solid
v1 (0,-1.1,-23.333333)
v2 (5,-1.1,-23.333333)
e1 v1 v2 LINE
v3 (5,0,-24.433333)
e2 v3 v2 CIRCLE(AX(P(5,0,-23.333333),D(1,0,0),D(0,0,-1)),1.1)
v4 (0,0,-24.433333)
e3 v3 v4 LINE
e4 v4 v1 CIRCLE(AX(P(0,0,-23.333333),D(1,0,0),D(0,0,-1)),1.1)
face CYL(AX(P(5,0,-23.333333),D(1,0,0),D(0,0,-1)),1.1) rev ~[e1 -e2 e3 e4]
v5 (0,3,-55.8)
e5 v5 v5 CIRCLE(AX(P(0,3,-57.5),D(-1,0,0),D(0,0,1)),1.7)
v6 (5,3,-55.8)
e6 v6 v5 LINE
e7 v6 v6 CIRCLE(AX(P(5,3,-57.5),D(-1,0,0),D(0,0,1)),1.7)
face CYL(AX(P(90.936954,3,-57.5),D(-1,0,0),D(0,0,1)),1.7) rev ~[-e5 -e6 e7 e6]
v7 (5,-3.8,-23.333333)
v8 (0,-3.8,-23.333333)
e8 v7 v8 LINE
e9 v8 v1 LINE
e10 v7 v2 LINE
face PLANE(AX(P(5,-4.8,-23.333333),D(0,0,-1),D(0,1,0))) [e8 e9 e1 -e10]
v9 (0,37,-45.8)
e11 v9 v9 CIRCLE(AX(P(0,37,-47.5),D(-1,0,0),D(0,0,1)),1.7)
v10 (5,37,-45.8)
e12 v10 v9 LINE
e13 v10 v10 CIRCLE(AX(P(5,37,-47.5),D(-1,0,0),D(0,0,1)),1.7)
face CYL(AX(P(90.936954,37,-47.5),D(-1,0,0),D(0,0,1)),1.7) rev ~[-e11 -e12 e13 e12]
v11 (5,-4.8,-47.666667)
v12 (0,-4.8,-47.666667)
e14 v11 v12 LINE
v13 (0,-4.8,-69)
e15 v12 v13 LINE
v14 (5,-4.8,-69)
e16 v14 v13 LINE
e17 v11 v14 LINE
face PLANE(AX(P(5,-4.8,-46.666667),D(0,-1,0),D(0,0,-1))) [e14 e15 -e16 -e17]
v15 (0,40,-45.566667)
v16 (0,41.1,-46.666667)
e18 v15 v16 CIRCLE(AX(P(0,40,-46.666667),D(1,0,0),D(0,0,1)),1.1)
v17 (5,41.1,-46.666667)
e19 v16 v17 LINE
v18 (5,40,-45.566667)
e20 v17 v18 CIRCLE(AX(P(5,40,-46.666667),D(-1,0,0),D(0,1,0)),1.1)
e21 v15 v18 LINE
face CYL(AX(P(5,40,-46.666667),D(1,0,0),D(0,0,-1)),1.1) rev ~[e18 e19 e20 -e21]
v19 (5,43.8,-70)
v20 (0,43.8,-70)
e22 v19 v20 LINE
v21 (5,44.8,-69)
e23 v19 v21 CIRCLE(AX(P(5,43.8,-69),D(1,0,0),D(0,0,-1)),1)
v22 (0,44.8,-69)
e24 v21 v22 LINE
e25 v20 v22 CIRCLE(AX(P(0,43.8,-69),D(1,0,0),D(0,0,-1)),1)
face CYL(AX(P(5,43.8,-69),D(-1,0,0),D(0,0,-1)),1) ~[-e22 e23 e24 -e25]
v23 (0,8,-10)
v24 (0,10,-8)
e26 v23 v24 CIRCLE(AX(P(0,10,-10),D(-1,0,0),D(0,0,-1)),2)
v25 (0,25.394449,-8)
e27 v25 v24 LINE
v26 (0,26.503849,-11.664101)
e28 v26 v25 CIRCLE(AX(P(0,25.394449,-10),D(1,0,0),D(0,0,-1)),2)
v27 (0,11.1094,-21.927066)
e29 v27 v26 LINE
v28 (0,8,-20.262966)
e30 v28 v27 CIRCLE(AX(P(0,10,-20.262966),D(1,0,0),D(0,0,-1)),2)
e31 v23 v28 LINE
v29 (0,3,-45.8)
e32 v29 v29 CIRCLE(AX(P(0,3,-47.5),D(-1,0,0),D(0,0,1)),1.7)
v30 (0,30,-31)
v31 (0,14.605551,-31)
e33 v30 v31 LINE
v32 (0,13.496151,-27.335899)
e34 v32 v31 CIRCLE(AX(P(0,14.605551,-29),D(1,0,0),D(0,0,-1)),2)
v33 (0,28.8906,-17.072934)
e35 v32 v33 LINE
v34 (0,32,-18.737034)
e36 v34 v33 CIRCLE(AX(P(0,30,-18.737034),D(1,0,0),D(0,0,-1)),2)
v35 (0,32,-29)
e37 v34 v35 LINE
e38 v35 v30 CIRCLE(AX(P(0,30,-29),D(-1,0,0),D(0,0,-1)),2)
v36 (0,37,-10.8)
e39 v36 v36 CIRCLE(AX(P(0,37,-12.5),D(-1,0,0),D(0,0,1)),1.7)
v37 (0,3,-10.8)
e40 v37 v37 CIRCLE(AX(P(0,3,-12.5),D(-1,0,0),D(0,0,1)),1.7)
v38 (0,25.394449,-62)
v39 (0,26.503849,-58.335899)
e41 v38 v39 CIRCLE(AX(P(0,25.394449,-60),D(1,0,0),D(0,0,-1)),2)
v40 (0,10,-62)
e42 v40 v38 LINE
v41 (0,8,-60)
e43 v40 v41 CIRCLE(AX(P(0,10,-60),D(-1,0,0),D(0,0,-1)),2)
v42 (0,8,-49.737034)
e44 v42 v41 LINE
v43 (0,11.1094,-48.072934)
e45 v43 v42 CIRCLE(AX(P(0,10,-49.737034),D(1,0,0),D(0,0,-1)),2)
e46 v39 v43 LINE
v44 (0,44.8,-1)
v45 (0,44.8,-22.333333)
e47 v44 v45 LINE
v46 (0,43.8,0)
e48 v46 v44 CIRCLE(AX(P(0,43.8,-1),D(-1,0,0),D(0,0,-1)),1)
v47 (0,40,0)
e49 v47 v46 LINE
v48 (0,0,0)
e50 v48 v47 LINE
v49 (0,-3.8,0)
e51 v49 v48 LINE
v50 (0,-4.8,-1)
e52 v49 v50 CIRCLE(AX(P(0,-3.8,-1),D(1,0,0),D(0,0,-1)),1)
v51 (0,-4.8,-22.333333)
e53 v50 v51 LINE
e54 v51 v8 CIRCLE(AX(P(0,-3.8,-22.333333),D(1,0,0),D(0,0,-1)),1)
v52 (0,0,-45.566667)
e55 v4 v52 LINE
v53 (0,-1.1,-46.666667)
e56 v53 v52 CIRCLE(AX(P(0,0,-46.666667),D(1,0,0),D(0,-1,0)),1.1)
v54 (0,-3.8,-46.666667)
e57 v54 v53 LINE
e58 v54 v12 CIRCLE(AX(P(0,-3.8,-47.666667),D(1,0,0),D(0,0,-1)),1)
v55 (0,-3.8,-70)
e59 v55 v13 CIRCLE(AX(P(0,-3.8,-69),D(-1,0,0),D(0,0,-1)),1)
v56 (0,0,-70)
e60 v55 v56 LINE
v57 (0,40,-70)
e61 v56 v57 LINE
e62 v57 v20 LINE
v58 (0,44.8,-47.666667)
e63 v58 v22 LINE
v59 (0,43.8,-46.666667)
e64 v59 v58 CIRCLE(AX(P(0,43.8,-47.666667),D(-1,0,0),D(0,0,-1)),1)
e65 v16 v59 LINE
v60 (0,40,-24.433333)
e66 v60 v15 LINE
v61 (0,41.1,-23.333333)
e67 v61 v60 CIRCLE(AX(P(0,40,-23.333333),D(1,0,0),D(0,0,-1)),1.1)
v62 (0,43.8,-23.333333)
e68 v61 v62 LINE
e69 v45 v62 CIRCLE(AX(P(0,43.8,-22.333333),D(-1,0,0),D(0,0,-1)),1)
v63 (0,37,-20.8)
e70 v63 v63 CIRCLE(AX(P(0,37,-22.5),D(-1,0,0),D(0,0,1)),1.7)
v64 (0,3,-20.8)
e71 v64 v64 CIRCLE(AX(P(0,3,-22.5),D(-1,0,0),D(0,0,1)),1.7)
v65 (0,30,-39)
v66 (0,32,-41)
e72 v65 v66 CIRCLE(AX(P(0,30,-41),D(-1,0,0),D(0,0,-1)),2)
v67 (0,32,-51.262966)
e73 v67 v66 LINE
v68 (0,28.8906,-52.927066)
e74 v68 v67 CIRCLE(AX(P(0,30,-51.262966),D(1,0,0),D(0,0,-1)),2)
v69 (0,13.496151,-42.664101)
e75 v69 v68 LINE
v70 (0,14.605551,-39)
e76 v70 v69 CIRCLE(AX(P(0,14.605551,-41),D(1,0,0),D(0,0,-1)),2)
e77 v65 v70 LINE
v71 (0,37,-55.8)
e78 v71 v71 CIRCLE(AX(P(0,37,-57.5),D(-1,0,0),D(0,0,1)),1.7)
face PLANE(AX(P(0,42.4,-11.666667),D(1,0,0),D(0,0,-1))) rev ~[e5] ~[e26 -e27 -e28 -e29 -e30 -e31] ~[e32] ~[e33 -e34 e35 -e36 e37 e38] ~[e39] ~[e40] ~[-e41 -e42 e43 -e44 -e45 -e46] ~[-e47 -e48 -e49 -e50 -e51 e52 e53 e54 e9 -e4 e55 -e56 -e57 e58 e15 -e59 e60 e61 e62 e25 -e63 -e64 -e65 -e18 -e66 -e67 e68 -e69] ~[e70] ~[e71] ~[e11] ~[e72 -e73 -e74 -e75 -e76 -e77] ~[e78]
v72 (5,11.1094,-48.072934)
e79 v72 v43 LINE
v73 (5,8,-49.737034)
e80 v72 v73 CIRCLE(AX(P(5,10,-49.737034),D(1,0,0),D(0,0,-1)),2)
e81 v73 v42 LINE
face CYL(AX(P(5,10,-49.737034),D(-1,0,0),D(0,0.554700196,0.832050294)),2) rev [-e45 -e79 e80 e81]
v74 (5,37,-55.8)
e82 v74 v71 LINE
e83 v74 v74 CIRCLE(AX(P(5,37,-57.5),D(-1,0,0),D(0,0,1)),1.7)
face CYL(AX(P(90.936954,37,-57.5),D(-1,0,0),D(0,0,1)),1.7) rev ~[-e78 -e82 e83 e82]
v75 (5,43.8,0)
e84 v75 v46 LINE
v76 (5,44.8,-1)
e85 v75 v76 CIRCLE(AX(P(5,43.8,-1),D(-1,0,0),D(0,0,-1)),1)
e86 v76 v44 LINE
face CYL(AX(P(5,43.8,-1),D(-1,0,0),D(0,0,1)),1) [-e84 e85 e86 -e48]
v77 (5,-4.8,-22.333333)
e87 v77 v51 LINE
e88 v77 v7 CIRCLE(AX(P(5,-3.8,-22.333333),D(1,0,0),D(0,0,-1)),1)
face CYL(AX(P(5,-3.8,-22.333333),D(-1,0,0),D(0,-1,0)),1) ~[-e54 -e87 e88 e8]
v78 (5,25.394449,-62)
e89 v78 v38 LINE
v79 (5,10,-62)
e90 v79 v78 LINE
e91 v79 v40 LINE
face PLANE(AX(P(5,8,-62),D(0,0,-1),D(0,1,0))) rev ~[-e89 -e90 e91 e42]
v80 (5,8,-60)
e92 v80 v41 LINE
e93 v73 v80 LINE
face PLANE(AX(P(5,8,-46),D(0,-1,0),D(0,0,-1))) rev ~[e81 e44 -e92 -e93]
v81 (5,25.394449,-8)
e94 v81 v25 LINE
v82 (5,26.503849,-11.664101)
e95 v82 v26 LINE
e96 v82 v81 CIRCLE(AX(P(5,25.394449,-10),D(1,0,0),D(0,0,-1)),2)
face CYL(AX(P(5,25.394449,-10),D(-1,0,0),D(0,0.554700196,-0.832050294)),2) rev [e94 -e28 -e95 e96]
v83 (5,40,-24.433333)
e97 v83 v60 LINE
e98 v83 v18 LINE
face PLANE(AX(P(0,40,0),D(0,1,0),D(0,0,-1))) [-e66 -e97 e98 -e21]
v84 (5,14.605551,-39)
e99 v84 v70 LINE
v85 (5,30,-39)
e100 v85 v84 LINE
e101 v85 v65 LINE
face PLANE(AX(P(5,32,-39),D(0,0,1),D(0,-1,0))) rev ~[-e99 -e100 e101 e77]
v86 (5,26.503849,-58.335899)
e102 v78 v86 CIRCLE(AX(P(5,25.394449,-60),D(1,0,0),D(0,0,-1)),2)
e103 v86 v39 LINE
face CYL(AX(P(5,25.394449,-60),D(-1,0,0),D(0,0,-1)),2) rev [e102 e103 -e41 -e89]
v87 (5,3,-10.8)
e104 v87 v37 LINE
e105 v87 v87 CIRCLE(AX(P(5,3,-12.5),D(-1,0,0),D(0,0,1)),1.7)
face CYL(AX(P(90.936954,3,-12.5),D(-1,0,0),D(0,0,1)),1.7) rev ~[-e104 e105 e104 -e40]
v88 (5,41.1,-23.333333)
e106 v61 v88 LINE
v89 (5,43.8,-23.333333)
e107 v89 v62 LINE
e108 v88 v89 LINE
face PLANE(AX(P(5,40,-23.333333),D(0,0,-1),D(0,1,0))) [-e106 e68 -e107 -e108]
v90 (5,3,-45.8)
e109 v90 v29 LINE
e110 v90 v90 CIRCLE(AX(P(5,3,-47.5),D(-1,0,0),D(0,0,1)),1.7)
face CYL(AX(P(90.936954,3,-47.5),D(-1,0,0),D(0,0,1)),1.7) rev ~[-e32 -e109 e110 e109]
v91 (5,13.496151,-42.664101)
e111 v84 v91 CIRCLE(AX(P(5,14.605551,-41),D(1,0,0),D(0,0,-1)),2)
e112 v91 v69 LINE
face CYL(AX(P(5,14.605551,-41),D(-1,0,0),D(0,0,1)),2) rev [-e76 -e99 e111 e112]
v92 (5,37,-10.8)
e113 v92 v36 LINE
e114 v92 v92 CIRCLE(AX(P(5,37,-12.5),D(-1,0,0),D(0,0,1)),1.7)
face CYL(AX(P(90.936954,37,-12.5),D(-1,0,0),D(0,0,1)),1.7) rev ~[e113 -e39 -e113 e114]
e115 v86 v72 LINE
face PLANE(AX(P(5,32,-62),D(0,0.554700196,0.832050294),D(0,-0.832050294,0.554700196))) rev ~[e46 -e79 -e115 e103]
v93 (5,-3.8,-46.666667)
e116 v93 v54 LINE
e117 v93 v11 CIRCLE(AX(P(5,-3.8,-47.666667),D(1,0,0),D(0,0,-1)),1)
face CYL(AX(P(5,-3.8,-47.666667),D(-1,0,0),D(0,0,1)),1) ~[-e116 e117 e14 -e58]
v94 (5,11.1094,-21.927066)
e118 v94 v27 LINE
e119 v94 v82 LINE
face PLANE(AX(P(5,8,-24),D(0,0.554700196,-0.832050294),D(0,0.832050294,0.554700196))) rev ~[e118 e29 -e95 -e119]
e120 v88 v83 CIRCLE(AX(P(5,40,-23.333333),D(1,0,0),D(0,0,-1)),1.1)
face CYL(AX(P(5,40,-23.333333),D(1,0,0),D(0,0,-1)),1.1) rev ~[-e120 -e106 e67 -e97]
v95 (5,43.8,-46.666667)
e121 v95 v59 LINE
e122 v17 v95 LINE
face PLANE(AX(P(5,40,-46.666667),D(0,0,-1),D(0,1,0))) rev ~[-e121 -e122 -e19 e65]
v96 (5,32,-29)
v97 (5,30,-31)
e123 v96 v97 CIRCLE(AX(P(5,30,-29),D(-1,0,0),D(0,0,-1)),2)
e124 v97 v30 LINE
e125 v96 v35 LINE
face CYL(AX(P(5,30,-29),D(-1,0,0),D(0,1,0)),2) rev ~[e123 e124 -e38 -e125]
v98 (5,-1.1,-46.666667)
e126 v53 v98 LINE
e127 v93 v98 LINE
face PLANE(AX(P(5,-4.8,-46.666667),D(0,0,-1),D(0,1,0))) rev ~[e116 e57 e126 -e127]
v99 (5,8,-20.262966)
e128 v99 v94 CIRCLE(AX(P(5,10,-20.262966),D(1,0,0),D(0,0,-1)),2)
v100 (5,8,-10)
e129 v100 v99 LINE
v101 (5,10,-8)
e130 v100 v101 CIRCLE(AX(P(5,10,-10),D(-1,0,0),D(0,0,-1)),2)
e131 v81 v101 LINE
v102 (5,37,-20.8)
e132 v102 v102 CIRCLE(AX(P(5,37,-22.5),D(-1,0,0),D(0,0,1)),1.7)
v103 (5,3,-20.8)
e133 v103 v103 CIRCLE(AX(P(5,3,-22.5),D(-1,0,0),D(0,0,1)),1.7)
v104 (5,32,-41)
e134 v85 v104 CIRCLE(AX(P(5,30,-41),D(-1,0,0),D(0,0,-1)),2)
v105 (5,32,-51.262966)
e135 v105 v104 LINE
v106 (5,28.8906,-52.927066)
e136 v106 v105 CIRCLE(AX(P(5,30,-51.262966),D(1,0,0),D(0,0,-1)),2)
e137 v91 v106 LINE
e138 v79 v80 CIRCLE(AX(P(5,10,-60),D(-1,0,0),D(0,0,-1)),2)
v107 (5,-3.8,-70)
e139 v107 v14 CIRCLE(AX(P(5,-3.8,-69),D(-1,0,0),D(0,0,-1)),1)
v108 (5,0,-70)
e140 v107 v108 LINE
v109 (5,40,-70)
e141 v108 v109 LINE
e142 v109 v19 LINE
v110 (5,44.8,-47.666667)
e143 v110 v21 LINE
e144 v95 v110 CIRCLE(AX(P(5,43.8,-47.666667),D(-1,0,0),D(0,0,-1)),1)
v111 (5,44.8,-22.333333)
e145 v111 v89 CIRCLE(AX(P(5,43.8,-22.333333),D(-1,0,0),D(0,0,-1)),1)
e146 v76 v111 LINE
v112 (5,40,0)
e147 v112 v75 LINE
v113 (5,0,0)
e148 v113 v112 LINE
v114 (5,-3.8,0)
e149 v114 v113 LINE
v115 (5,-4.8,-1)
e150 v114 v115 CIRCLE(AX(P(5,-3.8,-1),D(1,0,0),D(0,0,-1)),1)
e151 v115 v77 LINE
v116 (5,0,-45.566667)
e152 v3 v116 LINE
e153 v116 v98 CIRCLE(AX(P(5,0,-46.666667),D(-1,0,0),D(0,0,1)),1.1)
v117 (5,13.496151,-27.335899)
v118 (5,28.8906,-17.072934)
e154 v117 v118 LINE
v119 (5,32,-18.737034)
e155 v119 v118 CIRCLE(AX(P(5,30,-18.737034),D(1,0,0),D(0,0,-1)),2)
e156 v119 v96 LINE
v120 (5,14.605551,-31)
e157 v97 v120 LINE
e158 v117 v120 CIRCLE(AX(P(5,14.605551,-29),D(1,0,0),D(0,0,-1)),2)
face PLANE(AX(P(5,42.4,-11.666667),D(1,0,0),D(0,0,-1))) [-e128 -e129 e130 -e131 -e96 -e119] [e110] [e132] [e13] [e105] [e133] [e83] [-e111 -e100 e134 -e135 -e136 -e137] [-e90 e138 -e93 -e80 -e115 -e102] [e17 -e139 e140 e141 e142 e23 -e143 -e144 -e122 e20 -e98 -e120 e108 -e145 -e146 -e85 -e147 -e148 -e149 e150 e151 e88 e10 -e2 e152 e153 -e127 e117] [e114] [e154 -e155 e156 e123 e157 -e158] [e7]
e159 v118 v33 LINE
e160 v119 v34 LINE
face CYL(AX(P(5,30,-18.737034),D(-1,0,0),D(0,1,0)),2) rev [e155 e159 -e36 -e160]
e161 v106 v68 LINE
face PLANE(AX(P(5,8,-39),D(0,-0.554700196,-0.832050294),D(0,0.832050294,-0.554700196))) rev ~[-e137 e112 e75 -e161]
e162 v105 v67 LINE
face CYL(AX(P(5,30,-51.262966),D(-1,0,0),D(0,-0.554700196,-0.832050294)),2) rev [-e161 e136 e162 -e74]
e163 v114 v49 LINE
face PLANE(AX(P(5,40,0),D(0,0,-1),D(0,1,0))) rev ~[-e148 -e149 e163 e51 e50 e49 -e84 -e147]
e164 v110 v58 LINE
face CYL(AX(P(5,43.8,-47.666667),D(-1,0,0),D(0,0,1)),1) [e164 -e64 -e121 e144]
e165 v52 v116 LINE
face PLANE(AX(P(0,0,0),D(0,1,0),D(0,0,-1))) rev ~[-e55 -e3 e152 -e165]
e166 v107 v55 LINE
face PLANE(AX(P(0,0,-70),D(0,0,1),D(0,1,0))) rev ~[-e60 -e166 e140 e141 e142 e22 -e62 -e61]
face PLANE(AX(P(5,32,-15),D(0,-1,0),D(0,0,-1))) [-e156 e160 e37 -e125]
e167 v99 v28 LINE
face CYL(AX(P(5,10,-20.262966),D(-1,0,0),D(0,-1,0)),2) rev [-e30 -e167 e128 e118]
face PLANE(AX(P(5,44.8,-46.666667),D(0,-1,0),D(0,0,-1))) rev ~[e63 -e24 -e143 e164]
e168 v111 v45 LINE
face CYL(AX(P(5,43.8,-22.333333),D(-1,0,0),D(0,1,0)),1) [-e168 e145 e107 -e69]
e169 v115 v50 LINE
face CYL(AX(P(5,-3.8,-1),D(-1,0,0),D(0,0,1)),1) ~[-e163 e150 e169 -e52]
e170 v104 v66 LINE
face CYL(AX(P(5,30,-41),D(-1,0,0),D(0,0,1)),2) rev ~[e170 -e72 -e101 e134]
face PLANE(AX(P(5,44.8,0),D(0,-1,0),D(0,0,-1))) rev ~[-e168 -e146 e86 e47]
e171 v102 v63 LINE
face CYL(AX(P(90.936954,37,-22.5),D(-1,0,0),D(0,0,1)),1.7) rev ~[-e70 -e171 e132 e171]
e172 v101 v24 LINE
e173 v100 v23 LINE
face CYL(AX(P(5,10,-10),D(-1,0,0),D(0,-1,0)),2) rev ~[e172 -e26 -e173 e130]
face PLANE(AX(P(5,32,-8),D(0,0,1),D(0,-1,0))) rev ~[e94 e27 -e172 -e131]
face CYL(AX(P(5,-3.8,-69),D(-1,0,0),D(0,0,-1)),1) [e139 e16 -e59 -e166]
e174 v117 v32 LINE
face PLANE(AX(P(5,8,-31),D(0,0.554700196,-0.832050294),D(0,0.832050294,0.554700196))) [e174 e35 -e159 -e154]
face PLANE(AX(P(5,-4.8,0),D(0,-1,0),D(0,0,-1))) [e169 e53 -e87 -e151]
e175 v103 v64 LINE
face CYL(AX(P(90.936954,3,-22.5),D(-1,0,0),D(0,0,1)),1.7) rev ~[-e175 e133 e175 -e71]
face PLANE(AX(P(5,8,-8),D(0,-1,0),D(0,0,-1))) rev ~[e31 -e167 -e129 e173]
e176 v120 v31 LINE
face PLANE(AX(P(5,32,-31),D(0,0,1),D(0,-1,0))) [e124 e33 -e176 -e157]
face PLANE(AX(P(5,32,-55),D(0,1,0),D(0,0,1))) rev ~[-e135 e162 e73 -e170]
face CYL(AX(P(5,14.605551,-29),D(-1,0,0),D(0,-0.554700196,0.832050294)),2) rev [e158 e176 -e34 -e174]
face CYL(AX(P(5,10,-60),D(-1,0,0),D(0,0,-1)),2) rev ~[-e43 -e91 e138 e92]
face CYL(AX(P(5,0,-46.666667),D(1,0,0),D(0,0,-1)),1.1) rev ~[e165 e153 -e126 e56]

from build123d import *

# Parameters (mm, degrees)
SKETCH_1_W          = 70
SKETCH_1_H          = 40
EXTRUDE_1_DEPTH     = 5
CUT_EXTRUDE_1_DEPTH = 5
FILLET_1_R          = 2
SKETCH_3_W          = 23.333333333
SKETCH_3_H          = 4.8
EXTRUDE_2_DEPTH     = 5
FILLET_2_R          = 1
SKETCH_4_R          = 1.1
CUT_EXTRUDE_2_DEPTH = 5
HOLE_WIZARD_M3_1_D  = 3.4


with BuildPart() as part:
    # 草图1 → 凸台-拉伸1 (new body)
    with BuildSketch(Plane(origin=(0, 0, 0), x_dir=(0, 0, -1), z_dir=(1, 0, 0))):
        with Locations((35, 20)):
            Rectangle(SKETCH_1_W, SKETCH_1_H)
    extrude(amount=EXTRUDE_1_DEPTH)

    # 草图2 → 切除-拉伸1 (cut)
    with BuildSketch(Plane(origin=(5, 0, 0), x_dir=(0, 0, -1), z_dir=(1, 0, 0))):
        Polygon((8, 8), (24, 8), (8, 32), align=None)
        Polygon((31, 32), (31, 8), (15, 32), align=None)
        Polygon((39, 32), (39, 8), (55, 32), align=None)
        Polygon((62, 8), (62, 32), (46, 8), align=None)
    extrude(amount=-CUT_EXTRUDE_1_DEPTH, mode=Mode.SUBTRACT)

    # 圆角1
    fillet_1_edges = [part.edges().sort_by_distance(p)[0] for p in [
        (2.5, 32, -31),
        (2.5, 8, -31),
        (2.5, 32, -15),
        (2.5, 8, -39),
        (2.5, 32, -39),
        (2.5, 32, -55),
        (2.5, 32, -62),
        (2.5, 8, -62),
        (2.5, 8, -46),
        (2.5, 8, -8),
        (2.5, 32, -8),
        (2.5, 8, -24),
    ]]
    fillet(fillet_1_edges, radius=FILLET_1_R)

    # 草图3 → 凸台-拉伸2 (add)
    with BuildSketch(Plane(origin=(5, 0, 0), x_dir=(0, 0, -1), z_dir=(1, 0, 0))):
        with Locations((11.666666667, 42.4)):
            Rectangle(SKETCH_3_W, SKETCH_3_H)
        with Locations((58.333333334, 42.4)):
            Rectangle(SKETCH_3_W, SKETCH_3_H)
        with Locations((58.333333334, -2.4)):
            Rectangle(SKETCH_3_W, SKETCH_3_H)
        with Locations((11.666666667, -2.4)):
            Rectangle(SKETCH_3_W, SKETCH_3_H)
    extrude(amount=-EXTRUDE_2_DEPTH)

    # 圆角2
    fillet_2_edges = [part.edges().sort_by_distance(p)[0] for p in [
        (2.5, 44.8, 0),
        (2.5, 44.8, -23.333333333),
        (2.5, 44.8, -70),
        (2.5, 44.8, -46.666666667),
        (2.5, -4.8, -23.333333333),
        (2.5, -4.8, 0),
        (2.5, -4.8, -70),
        (2.5, -4.8, -46.666666667),
    ]]
    fillet(fillet_2_edges, radius=FILLET_2_R)

    # 草图4 → 切除-拉伸2 (cut)
    with BuildSketch(Plane(origin=(5, 0, 0), x_dir=(0, 0, -1), z_dir=(1, 0, 0))):
        with Locations((23.333333333, 40)):
            Circle(SKETCH_4_R)
        with Locations((46.666666667, 40)):
            Circle(SKETCH_4_R)
        with Locations((46.666666667, 0)):
            Circle(SKETCH_4_R)
        with Locations((23.333333333, 0)):
            Circle(SKETCH_4_R)
    extrude(amount=-CUT_EXTRUDE_2_DEPTH, mode=Mode.SUBTRACT)

    # M3 间隙孔1 (through all)
    with Locations(Plane(origin=(5, 0, 0), x_dir=(0, 0, -1), z_dir=(1, 0, 0))):
        with Locations((57.5, 37), (47.5, 37), (57.5, 3), (47.5, 3), (22.5, 3), (12.5, 3), (22.5, 37), (12.5, 37)):
            Hole(HOLE_WIZARD_M3_1_D / 2)


solid = part.part
